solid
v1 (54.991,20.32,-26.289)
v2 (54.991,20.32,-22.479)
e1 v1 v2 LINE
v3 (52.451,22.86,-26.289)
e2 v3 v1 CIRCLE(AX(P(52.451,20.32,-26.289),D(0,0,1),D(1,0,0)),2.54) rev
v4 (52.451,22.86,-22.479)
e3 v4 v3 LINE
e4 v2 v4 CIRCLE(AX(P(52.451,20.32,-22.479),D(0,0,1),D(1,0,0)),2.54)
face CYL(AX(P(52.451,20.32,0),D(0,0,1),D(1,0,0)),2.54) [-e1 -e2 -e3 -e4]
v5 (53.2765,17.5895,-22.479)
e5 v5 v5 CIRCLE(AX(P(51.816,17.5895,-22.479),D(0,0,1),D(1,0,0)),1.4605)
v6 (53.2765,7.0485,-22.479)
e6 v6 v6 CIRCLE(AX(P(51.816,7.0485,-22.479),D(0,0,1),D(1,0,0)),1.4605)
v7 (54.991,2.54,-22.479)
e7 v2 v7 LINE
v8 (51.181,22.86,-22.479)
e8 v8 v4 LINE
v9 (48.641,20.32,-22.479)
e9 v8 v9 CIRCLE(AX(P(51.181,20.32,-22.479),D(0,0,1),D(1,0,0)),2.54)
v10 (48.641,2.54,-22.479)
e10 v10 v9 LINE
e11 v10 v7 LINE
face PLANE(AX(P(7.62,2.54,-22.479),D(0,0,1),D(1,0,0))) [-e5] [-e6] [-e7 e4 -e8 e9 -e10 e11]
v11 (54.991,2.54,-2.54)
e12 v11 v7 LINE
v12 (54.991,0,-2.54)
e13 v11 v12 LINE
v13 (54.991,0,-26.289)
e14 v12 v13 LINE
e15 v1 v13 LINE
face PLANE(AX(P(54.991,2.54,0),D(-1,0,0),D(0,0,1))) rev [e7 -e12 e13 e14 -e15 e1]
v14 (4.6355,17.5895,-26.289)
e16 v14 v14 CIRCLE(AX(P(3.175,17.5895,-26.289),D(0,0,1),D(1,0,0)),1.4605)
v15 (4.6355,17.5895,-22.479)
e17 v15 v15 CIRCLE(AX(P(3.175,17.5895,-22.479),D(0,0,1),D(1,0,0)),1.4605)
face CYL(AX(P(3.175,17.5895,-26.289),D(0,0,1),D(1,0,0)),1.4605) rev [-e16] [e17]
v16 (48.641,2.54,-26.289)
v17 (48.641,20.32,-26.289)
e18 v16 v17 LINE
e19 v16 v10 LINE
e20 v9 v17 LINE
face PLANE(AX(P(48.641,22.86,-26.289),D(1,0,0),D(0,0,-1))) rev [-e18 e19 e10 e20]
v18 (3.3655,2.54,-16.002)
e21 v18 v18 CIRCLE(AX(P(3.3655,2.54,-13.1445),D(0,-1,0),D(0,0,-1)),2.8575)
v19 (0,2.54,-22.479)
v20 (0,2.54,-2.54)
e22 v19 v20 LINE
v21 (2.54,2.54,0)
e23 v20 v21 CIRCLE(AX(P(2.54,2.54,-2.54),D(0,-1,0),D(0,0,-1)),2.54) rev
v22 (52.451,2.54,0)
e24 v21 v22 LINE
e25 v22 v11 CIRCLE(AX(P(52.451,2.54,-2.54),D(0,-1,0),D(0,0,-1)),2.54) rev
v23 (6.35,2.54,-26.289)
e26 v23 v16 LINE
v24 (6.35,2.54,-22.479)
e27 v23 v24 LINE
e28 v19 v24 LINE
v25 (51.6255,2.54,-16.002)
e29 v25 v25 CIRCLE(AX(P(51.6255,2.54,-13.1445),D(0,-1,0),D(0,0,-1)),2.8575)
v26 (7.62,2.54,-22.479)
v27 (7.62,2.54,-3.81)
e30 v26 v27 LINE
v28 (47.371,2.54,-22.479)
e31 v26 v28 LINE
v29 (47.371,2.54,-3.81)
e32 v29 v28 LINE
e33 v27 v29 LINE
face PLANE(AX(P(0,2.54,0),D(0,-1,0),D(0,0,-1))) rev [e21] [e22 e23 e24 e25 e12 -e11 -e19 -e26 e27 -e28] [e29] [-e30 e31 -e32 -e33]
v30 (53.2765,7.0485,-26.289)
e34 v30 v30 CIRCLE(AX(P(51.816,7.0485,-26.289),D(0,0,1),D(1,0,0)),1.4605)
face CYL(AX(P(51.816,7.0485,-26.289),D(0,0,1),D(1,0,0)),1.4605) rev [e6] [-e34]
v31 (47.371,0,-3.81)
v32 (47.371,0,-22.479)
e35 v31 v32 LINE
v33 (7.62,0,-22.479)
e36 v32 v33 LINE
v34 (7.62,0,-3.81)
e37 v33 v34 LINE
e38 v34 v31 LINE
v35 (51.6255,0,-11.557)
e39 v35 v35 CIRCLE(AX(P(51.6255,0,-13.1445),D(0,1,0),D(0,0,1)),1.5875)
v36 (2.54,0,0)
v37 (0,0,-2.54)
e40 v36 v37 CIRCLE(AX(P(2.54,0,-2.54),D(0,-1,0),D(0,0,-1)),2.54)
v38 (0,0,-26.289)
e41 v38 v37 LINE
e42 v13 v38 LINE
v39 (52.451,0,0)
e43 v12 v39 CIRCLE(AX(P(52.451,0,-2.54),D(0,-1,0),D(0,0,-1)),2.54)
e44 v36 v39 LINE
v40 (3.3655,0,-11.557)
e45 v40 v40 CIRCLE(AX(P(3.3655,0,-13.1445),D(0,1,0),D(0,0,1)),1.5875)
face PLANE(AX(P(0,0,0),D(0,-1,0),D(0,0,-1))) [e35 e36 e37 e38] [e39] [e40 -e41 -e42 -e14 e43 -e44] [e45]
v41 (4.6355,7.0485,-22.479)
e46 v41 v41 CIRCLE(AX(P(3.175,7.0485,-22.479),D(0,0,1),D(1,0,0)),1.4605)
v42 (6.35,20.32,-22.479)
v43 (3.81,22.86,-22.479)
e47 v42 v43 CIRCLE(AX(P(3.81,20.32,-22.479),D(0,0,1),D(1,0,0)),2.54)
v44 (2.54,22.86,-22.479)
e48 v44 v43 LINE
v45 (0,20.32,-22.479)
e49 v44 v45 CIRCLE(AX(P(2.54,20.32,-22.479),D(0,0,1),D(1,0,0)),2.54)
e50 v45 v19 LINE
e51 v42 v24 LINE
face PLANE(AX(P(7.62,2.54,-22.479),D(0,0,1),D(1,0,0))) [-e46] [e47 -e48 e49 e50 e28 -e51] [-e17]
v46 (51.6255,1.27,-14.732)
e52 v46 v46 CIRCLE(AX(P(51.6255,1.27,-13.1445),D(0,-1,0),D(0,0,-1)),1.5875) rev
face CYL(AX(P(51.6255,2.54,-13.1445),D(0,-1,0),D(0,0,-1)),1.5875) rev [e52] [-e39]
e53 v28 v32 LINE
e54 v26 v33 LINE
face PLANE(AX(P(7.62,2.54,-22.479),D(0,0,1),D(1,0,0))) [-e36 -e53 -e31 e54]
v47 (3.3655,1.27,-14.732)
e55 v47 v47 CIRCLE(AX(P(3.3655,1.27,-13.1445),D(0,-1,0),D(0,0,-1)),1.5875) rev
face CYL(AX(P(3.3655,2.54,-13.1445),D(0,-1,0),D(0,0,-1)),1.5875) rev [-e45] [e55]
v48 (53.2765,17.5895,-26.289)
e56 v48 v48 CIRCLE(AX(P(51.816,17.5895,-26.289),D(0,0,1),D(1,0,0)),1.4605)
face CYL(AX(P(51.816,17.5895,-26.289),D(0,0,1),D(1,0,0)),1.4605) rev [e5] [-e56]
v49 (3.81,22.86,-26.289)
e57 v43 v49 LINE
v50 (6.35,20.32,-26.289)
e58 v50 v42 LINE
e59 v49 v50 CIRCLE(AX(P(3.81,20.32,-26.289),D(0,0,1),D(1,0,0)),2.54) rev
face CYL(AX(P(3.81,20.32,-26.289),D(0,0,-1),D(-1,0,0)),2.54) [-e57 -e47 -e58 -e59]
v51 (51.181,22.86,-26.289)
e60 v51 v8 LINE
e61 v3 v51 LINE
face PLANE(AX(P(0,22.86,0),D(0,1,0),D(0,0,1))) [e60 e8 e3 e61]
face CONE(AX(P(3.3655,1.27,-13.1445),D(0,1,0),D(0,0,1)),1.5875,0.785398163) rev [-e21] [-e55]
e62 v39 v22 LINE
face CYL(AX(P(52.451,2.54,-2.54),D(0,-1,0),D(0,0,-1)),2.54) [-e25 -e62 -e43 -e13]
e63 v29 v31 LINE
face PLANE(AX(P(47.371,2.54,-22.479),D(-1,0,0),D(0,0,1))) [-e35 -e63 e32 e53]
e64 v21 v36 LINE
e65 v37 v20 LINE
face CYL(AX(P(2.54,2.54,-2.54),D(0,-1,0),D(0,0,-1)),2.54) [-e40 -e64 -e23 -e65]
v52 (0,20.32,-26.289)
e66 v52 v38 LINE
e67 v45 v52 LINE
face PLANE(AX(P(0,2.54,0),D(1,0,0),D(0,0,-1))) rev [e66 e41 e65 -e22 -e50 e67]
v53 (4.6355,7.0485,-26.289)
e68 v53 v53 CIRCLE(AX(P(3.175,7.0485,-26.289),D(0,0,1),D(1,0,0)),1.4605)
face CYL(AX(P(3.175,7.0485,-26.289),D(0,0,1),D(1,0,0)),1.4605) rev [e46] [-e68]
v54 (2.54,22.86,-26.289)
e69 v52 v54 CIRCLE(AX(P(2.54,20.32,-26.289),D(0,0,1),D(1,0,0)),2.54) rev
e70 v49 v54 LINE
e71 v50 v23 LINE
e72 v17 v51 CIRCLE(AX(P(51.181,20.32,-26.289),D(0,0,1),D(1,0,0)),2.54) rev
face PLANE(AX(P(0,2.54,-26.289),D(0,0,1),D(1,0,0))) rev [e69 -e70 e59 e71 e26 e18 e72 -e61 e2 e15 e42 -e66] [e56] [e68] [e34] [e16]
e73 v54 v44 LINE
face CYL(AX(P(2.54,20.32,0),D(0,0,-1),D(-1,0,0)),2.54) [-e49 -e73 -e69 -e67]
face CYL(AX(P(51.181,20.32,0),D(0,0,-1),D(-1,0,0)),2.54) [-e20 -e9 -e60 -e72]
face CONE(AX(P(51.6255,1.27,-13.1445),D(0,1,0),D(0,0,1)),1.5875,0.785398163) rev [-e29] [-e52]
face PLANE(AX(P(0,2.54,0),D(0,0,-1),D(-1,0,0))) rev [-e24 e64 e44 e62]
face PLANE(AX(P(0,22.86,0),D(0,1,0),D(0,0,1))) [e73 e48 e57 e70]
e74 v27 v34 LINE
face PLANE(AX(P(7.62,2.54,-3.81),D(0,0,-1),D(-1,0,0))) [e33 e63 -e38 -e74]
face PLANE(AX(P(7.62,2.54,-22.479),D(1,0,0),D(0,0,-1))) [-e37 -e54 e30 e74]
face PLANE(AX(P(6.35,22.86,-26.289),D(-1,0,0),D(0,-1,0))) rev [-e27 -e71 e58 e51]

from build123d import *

# Parameters (mm, degrees)
SKETCH1_W               = 54.991
SKETCH1_H               = 26.289
SKETCH1_R               = 1.5875
SKETCH1_W_2             = 39.751
SKETCH1_H_2             = 18.669
BASE_DEPTH              = 2.54
SKETCH2_W               = 54.991
SKETCH2_H               = 3.81
F_4_HOLE_DEPTH          = 20.32
SKETCH3_W               = 42.291
SKETCH3_H               = 20.32
GAP_DEPTH               = 64.65449805
FILLET1_R               = 2.54
CHAMFER1_SIZE           = 1.27
SKETCH4_R               = 1.4605
SERVO_SCREW_HOLES_DEPTH = 64.65449805


with BuildPart() as part:
    # Sketch1 → Base (new body)
    with BuildSketch(Plane(origin=(0, 0, 0), x_dir=(1, 0, 0), z_dir=(0, 1, 0))):
        with Locations((27.4955, 13.1445)):
            Rectangle(SKETCH1_W, SKETCH1_H)
        with Locations(Location((51.6255, 13.1445, 0), (0, 0, 270))):
            Circle(SKETCH1_R, mode=Mode.SUBTRACT)
        with Locations(Location((3.3655, 13.1445, 0), (0, 0, 270))):
            Circle(SKETCH1_R, mode=Mode.SUBTRACT)
        with Locations((27.4955, 13.1445)):
            Rectangle(SKETCH1_W_2, SKETCH1_H_2, mode=Mode.SUBTRACT)
    extrude(amount=BASE_DEPTH)

    # Sketch2 → 4 hole (add)
    with BuildSketch(Plane(origin=(0, 2.54, 0), x_dir=(1, 0, 0), z_dir=(0, 1, 0))):
        with Locations((27.4955, 24.384)):
            Rectangle(SKETCH2_W, SKETCH2_H)
    extrude(amount=F_4_HOLE_DEPTH)

    # Sketch3 → gap (cut, through all)
    with BuildSketch(Plane.XY.offset(-22.479)):
        with Locations((27.4955, 12.7)):
            Rectangle(SKETCH3_W, SKETCH3_H)
    extrude(amount=-GAP_DEPTH, mode=Mode.SUBTRACT)

    # Fillet1
    fillet1_edges = [part.edges().sort_by_distance(p)[0] for p in [
        (0, 22.86, -24.384),
        (54.991, 22.86, -24.384),
        (6.35, 22.86, -24.384),
        (48.641, 22.86, -24.384),
        (54.991, 1.27, 0),
        (0, 1.27, 0),
    ]]
    fillet(fillet1_edges, radius=FILLET1_R)

    # Chamfer1
    chamfer1_edges = [part.edges().sort_by_distance(p)[0] for p in [
        (51.6255, 2.54, -14.732),
        (3.3655, 2.54, -14.732),
    ]]
    chamfer(chamfer1_edges, length=CHAMFER1_SIZE)

    # Sketch4 → servo screw holes (cut, through all)
    with BuildSketch(Plane.XY.offset(-22.479)):
        with Locations((3.175, 17.5895)):
            Circle(SKETCH4_R)
        with Locations((3.175, 7.0485)):
            Circle(SKETCH4_R)
        with Locations((51.816, 17.5895)):
            Circle(SKETCH4_R)
        with Locations((51.816, 7.0485)):
            Circle(SKETCH4_R)
    extrude(amount=-SERVO_SCREW_HOLES_DEPTH, mode=Mode.SUBTRACT)


solid = part.part
